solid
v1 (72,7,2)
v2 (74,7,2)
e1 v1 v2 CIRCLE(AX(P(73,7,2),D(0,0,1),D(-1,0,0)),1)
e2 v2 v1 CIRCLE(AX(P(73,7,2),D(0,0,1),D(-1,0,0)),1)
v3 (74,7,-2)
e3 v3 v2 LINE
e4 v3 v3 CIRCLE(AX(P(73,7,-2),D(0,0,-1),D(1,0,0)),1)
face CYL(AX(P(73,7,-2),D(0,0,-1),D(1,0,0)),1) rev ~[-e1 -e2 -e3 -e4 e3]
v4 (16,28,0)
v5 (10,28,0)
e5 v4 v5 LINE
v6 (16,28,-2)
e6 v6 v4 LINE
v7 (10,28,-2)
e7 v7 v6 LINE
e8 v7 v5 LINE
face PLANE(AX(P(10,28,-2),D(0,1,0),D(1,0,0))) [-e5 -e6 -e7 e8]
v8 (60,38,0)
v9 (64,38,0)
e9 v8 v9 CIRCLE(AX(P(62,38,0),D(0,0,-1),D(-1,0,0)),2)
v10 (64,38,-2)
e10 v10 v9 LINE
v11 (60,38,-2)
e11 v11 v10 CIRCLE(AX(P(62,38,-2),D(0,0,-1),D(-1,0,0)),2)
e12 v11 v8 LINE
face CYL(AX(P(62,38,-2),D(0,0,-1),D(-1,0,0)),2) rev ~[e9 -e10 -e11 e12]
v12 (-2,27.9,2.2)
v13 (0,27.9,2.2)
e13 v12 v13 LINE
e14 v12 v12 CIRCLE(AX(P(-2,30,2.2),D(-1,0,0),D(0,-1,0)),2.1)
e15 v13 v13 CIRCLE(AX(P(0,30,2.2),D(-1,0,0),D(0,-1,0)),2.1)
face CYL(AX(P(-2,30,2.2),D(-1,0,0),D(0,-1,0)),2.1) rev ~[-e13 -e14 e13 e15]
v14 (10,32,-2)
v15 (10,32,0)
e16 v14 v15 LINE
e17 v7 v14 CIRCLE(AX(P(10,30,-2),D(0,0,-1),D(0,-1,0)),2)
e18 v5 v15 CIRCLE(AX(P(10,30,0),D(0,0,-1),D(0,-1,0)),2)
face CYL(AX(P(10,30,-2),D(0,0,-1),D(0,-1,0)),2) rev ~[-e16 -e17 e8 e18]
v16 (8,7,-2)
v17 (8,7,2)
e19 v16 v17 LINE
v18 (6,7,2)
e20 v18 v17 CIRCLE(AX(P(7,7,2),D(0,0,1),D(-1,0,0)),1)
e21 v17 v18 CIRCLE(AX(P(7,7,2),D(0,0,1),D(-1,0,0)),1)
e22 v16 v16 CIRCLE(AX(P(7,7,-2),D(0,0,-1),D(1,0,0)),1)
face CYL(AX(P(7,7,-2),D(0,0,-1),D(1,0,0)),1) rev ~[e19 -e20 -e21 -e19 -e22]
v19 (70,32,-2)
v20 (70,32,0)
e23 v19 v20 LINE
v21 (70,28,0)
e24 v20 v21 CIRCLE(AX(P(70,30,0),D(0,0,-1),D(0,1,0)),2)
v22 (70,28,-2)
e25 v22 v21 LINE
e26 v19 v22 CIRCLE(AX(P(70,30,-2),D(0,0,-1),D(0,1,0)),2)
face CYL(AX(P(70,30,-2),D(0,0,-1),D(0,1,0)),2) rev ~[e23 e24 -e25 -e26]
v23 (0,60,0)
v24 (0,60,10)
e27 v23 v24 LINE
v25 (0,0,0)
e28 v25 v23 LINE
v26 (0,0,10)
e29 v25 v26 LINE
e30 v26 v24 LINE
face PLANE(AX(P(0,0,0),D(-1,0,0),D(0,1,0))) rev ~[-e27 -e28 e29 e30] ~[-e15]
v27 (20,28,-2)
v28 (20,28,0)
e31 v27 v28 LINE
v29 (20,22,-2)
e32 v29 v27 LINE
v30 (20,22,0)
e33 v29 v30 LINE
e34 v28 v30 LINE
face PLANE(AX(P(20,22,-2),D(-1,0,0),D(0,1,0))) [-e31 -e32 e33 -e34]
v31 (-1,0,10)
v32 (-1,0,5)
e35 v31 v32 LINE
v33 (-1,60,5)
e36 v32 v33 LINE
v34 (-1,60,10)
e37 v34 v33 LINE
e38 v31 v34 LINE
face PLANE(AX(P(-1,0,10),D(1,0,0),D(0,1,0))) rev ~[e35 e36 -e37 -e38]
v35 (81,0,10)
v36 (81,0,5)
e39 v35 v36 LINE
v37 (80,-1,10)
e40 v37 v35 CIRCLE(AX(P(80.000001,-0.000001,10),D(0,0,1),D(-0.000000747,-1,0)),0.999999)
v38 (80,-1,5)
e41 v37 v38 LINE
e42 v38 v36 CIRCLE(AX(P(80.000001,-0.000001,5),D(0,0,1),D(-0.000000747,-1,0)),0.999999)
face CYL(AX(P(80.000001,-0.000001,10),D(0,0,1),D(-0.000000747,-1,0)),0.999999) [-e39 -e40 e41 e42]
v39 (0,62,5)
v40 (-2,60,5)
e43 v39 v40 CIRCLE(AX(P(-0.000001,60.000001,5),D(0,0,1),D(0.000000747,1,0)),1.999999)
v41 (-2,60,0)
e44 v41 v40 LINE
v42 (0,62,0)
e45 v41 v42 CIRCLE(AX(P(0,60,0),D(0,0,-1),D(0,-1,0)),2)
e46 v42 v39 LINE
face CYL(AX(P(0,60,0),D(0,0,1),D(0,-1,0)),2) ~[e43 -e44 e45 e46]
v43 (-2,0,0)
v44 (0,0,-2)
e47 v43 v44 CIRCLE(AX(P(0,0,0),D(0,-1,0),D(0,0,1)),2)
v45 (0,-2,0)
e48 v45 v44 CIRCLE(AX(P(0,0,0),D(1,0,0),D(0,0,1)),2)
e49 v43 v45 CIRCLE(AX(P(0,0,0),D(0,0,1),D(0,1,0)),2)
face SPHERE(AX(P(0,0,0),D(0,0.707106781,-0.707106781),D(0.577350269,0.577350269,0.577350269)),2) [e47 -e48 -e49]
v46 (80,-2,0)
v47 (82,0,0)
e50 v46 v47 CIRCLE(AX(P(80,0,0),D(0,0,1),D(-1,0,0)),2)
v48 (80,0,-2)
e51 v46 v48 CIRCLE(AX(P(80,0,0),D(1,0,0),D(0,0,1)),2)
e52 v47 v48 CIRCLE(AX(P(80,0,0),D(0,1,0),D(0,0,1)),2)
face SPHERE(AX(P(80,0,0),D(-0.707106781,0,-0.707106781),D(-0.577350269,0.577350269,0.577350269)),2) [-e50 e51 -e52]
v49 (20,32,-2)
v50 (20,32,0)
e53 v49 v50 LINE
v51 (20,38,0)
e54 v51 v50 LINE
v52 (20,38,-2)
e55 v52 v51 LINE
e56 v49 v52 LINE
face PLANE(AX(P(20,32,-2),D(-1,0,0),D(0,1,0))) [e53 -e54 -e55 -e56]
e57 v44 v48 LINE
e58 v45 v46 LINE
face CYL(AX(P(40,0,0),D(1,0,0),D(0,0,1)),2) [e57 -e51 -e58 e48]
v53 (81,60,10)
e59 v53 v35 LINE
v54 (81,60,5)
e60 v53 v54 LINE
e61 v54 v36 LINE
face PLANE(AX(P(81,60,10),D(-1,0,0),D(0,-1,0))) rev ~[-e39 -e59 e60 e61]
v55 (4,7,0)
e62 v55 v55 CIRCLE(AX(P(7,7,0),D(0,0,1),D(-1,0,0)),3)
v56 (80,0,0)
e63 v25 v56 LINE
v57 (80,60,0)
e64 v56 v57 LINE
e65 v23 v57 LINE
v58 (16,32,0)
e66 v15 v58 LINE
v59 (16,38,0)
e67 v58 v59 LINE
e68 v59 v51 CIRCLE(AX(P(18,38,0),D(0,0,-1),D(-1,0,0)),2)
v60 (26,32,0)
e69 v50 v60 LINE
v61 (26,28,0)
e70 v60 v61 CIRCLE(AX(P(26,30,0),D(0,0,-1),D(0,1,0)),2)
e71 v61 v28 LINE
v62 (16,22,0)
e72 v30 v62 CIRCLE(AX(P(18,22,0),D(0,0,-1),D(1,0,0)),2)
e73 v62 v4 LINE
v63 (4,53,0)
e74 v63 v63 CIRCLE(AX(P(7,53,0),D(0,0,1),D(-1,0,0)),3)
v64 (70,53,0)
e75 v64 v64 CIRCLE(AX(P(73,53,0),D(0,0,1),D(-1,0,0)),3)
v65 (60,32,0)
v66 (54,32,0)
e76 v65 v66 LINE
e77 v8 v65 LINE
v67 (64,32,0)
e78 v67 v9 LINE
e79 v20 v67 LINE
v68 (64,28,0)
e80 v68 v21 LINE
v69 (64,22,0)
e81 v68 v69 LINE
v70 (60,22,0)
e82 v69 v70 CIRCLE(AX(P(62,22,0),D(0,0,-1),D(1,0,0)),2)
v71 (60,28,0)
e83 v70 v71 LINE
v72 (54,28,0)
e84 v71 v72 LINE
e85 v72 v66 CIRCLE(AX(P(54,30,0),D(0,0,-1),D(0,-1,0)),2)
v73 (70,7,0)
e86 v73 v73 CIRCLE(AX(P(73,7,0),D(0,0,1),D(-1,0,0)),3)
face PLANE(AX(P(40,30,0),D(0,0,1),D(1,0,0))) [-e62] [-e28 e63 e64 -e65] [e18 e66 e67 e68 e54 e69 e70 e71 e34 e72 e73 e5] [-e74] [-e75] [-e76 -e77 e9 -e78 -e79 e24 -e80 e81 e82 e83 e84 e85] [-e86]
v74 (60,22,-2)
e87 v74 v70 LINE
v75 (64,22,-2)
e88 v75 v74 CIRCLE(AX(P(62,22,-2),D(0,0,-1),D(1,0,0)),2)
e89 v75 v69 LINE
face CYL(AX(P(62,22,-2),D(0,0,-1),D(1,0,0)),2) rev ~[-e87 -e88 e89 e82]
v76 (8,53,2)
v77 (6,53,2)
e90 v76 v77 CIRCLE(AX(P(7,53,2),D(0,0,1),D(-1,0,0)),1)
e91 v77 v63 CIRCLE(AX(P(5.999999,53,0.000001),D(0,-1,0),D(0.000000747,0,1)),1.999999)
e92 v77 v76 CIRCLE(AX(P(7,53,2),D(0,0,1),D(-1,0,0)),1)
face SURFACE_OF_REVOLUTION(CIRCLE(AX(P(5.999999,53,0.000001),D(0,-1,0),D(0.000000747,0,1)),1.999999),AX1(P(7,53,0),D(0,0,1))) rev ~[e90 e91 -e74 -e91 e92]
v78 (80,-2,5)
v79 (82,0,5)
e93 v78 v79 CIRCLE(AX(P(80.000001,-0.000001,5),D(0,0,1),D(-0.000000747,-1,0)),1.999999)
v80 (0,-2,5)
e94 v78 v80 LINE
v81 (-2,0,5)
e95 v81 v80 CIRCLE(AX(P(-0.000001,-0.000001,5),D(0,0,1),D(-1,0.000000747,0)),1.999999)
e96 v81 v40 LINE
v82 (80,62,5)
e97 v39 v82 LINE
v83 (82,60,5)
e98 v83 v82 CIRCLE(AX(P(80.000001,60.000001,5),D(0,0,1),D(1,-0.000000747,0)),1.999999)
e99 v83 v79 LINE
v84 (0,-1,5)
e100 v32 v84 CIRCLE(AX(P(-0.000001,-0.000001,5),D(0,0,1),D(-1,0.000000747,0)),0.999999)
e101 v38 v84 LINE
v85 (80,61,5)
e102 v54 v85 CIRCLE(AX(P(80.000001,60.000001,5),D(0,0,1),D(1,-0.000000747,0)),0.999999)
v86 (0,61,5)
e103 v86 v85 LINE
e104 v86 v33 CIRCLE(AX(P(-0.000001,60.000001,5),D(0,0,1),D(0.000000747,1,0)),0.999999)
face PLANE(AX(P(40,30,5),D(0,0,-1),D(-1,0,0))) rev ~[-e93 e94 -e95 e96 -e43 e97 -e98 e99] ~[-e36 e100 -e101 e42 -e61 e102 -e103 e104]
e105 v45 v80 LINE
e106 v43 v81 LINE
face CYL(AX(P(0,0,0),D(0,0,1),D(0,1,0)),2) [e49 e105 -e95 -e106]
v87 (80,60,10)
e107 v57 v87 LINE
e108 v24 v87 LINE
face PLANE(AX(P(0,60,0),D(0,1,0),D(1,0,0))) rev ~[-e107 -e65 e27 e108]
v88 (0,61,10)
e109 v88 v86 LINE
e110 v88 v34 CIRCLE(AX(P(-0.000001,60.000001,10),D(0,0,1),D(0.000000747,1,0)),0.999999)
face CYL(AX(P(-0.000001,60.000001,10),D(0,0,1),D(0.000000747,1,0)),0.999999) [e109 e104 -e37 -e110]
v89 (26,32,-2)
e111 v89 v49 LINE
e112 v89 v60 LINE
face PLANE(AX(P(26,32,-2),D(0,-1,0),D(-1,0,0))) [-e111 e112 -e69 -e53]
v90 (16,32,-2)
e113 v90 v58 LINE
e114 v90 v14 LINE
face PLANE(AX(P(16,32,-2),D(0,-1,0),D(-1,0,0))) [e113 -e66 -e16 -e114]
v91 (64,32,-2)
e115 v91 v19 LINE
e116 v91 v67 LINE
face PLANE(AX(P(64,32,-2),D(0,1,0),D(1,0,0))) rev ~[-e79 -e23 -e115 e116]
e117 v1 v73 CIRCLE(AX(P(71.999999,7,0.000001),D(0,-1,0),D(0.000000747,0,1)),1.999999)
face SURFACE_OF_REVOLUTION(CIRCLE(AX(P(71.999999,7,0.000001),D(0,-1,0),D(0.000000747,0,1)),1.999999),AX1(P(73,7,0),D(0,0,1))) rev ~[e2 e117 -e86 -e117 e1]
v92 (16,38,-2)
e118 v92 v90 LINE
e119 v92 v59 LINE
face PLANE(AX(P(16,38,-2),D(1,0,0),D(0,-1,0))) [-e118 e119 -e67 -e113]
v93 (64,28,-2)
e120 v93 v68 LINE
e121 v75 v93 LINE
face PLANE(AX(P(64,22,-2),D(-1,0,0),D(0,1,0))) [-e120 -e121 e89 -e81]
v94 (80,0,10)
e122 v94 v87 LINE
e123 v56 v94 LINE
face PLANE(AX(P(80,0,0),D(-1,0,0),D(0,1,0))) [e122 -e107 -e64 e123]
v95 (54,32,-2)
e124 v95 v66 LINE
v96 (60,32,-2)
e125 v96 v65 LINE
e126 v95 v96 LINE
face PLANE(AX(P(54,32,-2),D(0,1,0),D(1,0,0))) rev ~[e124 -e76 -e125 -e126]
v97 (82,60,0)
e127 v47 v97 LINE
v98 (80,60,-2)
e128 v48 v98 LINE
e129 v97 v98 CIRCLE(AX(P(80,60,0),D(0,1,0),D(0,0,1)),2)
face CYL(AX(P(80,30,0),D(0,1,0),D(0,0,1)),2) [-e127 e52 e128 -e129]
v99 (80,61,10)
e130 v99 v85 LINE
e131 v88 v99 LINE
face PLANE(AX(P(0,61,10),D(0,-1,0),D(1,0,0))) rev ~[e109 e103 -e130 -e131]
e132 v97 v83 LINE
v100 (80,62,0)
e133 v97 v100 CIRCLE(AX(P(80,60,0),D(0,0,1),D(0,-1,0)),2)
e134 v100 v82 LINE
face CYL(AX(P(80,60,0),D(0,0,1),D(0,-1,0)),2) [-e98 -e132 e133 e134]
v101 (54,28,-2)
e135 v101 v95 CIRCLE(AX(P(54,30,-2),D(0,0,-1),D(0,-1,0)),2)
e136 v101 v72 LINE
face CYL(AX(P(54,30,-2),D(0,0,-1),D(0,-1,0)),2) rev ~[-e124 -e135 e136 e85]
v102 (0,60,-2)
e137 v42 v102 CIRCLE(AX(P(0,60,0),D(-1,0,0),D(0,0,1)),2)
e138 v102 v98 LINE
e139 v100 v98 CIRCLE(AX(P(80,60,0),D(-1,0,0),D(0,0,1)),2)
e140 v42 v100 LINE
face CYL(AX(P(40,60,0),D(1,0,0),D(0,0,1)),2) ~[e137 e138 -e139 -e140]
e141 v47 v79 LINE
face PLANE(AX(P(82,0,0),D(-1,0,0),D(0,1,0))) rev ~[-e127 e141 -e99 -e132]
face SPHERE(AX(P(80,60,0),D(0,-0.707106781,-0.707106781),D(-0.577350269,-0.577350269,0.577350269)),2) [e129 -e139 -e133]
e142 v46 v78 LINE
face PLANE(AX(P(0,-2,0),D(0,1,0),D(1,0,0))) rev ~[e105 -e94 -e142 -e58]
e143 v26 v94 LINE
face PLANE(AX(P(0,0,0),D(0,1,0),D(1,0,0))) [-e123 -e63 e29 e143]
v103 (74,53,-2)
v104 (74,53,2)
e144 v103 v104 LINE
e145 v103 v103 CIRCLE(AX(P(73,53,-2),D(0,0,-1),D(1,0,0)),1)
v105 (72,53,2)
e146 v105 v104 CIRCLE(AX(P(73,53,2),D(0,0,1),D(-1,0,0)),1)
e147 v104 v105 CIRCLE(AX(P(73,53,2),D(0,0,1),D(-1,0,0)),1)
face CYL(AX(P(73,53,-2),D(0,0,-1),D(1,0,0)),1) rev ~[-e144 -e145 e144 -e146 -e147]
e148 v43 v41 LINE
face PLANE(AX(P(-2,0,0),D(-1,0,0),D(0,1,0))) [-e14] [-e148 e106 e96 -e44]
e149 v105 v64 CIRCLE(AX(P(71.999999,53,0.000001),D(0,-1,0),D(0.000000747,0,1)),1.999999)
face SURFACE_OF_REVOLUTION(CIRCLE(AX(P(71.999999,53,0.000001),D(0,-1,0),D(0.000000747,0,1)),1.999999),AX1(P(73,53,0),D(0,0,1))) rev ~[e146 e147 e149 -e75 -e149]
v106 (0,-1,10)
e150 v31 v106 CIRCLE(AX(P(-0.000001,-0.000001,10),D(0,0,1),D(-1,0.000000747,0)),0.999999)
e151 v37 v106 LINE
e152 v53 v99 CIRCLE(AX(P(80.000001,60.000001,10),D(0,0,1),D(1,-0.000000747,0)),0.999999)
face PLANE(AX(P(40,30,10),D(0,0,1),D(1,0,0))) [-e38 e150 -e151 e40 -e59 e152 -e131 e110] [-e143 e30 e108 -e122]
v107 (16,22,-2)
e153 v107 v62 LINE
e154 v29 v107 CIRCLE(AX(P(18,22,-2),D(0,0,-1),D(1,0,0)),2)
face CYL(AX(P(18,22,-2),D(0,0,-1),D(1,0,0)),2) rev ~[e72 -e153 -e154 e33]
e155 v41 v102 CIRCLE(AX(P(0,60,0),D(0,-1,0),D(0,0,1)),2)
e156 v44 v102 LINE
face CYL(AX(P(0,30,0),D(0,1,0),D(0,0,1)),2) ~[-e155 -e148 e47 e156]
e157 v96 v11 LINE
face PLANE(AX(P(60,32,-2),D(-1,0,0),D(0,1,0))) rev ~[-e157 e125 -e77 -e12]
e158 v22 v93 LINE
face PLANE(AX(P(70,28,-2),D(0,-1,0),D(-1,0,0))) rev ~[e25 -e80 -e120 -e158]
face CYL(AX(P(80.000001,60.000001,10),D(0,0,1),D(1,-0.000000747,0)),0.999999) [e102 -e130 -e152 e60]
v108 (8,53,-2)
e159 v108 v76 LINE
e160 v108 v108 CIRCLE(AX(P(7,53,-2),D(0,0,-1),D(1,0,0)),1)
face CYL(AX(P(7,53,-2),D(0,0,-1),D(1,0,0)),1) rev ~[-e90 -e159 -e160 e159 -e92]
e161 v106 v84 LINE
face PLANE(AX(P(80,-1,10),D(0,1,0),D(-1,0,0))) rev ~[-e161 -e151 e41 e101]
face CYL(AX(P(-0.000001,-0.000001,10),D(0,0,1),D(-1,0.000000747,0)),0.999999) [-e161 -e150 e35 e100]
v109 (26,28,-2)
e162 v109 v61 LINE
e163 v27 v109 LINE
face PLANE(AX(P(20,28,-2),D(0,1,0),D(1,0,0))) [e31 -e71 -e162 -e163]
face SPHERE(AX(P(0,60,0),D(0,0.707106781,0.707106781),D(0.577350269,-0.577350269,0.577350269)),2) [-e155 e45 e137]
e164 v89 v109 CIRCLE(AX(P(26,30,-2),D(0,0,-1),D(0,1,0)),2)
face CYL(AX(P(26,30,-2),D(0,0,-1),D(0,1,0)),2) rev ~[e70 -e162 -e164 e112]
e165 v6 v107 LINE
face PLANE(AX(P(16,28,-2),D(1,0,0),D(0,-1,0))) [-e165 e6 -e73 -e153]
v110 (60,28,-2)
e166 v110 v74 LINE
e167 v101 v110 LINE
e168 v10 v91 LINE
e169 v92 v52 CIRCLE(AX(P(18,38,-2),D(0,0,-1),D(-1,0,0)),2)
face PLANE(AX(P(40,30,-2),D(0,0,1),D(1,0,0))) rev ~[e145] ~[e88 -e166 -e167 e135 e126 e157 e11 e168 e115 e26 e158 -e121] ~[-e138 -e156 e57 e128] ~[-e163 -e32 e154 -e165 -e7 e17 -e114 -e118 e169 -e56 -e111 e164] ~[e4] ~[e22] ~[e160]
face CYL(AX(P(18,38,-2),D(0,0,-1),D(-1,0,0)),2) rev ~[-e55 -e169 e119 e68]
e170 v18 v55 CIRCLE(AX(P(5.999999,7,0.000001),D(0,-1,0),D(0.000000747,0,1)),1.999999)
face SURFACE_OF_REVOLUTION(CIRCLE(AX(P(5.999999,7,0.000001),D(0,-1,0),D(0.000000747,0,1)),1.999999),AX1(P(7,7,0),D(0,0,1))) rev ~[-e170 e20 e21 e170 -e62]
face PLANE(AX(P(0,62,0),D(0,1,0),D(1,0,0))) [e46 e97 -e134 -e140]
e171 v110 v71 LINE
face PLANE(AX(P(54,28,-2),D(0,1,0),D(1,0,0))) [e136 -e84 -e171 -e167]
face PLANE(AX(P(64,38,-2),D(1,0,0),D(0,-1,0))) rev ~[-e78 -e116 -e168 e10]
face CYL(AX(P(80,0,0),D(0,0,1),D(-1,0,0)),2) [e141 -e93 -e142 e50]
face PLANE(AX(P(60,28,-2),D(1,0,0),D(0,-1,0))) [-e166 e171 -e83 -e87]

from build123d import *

# Parameters (mm, degrees)
BOX_W           = 80
BOX_H           = 60
BOX_DEPTH       = 10
THICKNESS_T     = 2
POCKET_DEPTH    = 5
SKETCH006_R     = 1
POCKET001_DEPTH = 12.001
POCKET002_DEPTH = 12.001
SKETCH011_R     = 2.1
POCKET003_DEPTH = 2


with BuildPart() as standoff:
    # Sketch010 → Revolution (revolve)
    with BuildSketch(Plane.XZ):
        with BuildLine():
            ThreePointArc((-1, 2), (-2.414214, 1.414214), (-3, 0))
            Line((-3, 0), (0, 0))
            Line((0, 2), (0, 0))
            Line((-1, 2), (0, 2))
        make_face()
    revolve(axis=Axis((0, 0, 0), (0, 0, 1)))


with BuildPart() as standofftopleft:
    # Clone004 base: copy of StandOff
    add(standoff.part)


with BuildPart() as standofftopleft_1:
    # Clone004 placement: moved
    add(standofftopleft.part.moved(Location((7, 53, 0))))


with BuildPart() as standofftopright:
    # Clone005 base: copy of StandOff
    add(standoff.part)


with BuildPart() as standofftopright_1:
    # Clone005 placement: moved
    add(standofftopright.part.moved(Location((73, 53, 0))))


with BuildPart() as standoffbottomright:
    # Clone006 base: copy of StandOff
    add(standoff.part)


with BuildPart() as standoffbottomright_1:
    # Clone006 placement: moved
    add(standoffbottomright.part.moved(Location((73, 7, 0))))


with BuildPart() as standoffbottomleft:
    # Clone007 base: copy of StandOff
    add(standoff.part)


with BuildPart() as standoffbottomleft_1:
    # Clone007 placement: moved
    add(standoffbottomleft.part.moved(Location((7, 7, 0))))


with BuildPart() as bottomwithcablehole:
    # Box → Box (new body)
    with BuildSketch(Plane.XY):
        with Locations((40, 30)):
            Rectangle(BOX_W, BOX_H)
    extrude(amount=BOX_DEPTH)

    # Thickness
    thickness_openings = [bottomwithcablehole.faces().sort_by_distance(p)[0] for p in [
        (40, 30, 10),
    ]]
    offset(amount=THICKNESS_T, openings=thickness_openings)

    # Sketch004 → Pocket (cut)
    with BuildSketch(Plane.XY.offset(10)):
        with BuildLine():
            Line((0, 62), (80, 62))
            ThreePointArc((82, 60), (81.414214, 61.414214), (80, 62))
            Line((82, 60), (82, 0))
            ThreePointArc((80, -2), (81.414214, -1.414214), (82, 0))
            Line((80, -2), (0, -2))
            ThreePointArc((-2, 0), (-1.414214, -1.414214), (0, -2))
            Line((-2, 0), (-2, 60))
            ThreePointArc((0, 62), (-1.414214, 61.414214), (-2, 60))
        make_face()
        with BuildLine():
            Line((0, 61), (80, 61))
            ThreePointArc((81, 60), (80.707107, 60.707107), (80, 61))
            Line((81, 60), (81, 0))
            ThreePointArc((80, -1), (80.707107, -0.707107), (81, 0))
            Line((80, -1), (0, -1))
            ThreePointArc((-1, 0), (-0.707107, -0.707107), (0, -1))
            Line((-1, 0), (-1, 60))
            ThreePointArc((0, 61), (-0.707107, 60.707107), (-1, 60))
        make_face(mode=Mode.SUBTRACT)
    extrude(amount=-POCKET_DEPTH, mode=Mode.SUBTRACT)

    # Fusion002: union StandOffTopLeft, StandOffTopRight, StandOffBottomRight, StandOffBottomLeft
    add(standofftopleft_1.part)
    add(standofftopright_1.part)
    add(standoffbottomright_1.part)
    add(standoffbottomleft_1.part)

    # Sketch006 → Pocket001 (cut, through all)
    with BuildSketch(Plane(origin=(0, 0, -2), x_dir=(1, 0, 0), z_dir=(0, 0, -1))):
        with Locations((7, -7)):
            Circle(SKETCH006_R)
        with Locations((7, -53)):
            Circle(SKETCH006_R)
        with Locations((73, -53)):
            Circle(SKETCH006_R)
        with Locations((73, -7)):
            Circle(SKETCH006_R)
    extrude(amount=-POCKET001_DEPTH, mode=Mode.SUBTRACT)

    # Sketch009 → Pocket002 (cut, through all)
    with BuildSketch(Plane(origin=(0, 0, -2), x_dir=(1, 0, 0), z_dir=(0, 0, -1))):
        with BuildLine():
            Line((10, -28), (16, -28))
            Line((16, -28), (16, -22))
            ThreePointArc((20, -22), (18, -20), (16, -22))
            Line((20, -22), (20, -28))
            Line((20, -28), (26, -28))
            ThreePointArc((26, -32), (28, -30), (26, -28))
            Line((26, -32), (20, -32))
            Line((20, -32), (20, -38))
            ThreePointArc((16, -38), (18, -40), (20, -38))
            Line((16, -38), (16, -32))
            Line((16, -32), (10, -32))
            ThreePointArc((10, -28), (8, -30), (10, -32))
        make_face()
        with BuildLine():
            ThreePointArc((54, -28), (52, -30), (54, -32))
            Line((54, -32), (60, -32))
            Line((60, -32), (60, -38))
            ThreePointArc((60, -38), (62, -40), (64, -38))
            Line((64, -38), (64, -32))
            Line((64, -32), (70, -32))
            ThreePointArc((70, -32), (72, -30), (70, -28))
            Line((70, -28), (64, -28))
            Line((64, -22), (64, -28))
            ThreePointArc((64, -22), (62, -20), (60, -22))
            Line((60, -28), (60, -22))
            Line((54, -28), (60, -28))
        make_face()
    extrude(amount=-POCKET002_DEPTH, mode=Mode.SUBTRACT)

    # Sketch011 → Pocket003 (cut)
    with BuildSketch(Plane(origin=(-2, 0, 0), x_dir=(0, -1, 0), z_dir=(-1, 0, 0))):
        with Locations((-30, 2.2)):
            Circle(SKETCH011_R)
    extrude(amount=-POCKET003_DEPTH, mode=Mode.SUBTRACT)


solid = bottomwithcablehole.part
